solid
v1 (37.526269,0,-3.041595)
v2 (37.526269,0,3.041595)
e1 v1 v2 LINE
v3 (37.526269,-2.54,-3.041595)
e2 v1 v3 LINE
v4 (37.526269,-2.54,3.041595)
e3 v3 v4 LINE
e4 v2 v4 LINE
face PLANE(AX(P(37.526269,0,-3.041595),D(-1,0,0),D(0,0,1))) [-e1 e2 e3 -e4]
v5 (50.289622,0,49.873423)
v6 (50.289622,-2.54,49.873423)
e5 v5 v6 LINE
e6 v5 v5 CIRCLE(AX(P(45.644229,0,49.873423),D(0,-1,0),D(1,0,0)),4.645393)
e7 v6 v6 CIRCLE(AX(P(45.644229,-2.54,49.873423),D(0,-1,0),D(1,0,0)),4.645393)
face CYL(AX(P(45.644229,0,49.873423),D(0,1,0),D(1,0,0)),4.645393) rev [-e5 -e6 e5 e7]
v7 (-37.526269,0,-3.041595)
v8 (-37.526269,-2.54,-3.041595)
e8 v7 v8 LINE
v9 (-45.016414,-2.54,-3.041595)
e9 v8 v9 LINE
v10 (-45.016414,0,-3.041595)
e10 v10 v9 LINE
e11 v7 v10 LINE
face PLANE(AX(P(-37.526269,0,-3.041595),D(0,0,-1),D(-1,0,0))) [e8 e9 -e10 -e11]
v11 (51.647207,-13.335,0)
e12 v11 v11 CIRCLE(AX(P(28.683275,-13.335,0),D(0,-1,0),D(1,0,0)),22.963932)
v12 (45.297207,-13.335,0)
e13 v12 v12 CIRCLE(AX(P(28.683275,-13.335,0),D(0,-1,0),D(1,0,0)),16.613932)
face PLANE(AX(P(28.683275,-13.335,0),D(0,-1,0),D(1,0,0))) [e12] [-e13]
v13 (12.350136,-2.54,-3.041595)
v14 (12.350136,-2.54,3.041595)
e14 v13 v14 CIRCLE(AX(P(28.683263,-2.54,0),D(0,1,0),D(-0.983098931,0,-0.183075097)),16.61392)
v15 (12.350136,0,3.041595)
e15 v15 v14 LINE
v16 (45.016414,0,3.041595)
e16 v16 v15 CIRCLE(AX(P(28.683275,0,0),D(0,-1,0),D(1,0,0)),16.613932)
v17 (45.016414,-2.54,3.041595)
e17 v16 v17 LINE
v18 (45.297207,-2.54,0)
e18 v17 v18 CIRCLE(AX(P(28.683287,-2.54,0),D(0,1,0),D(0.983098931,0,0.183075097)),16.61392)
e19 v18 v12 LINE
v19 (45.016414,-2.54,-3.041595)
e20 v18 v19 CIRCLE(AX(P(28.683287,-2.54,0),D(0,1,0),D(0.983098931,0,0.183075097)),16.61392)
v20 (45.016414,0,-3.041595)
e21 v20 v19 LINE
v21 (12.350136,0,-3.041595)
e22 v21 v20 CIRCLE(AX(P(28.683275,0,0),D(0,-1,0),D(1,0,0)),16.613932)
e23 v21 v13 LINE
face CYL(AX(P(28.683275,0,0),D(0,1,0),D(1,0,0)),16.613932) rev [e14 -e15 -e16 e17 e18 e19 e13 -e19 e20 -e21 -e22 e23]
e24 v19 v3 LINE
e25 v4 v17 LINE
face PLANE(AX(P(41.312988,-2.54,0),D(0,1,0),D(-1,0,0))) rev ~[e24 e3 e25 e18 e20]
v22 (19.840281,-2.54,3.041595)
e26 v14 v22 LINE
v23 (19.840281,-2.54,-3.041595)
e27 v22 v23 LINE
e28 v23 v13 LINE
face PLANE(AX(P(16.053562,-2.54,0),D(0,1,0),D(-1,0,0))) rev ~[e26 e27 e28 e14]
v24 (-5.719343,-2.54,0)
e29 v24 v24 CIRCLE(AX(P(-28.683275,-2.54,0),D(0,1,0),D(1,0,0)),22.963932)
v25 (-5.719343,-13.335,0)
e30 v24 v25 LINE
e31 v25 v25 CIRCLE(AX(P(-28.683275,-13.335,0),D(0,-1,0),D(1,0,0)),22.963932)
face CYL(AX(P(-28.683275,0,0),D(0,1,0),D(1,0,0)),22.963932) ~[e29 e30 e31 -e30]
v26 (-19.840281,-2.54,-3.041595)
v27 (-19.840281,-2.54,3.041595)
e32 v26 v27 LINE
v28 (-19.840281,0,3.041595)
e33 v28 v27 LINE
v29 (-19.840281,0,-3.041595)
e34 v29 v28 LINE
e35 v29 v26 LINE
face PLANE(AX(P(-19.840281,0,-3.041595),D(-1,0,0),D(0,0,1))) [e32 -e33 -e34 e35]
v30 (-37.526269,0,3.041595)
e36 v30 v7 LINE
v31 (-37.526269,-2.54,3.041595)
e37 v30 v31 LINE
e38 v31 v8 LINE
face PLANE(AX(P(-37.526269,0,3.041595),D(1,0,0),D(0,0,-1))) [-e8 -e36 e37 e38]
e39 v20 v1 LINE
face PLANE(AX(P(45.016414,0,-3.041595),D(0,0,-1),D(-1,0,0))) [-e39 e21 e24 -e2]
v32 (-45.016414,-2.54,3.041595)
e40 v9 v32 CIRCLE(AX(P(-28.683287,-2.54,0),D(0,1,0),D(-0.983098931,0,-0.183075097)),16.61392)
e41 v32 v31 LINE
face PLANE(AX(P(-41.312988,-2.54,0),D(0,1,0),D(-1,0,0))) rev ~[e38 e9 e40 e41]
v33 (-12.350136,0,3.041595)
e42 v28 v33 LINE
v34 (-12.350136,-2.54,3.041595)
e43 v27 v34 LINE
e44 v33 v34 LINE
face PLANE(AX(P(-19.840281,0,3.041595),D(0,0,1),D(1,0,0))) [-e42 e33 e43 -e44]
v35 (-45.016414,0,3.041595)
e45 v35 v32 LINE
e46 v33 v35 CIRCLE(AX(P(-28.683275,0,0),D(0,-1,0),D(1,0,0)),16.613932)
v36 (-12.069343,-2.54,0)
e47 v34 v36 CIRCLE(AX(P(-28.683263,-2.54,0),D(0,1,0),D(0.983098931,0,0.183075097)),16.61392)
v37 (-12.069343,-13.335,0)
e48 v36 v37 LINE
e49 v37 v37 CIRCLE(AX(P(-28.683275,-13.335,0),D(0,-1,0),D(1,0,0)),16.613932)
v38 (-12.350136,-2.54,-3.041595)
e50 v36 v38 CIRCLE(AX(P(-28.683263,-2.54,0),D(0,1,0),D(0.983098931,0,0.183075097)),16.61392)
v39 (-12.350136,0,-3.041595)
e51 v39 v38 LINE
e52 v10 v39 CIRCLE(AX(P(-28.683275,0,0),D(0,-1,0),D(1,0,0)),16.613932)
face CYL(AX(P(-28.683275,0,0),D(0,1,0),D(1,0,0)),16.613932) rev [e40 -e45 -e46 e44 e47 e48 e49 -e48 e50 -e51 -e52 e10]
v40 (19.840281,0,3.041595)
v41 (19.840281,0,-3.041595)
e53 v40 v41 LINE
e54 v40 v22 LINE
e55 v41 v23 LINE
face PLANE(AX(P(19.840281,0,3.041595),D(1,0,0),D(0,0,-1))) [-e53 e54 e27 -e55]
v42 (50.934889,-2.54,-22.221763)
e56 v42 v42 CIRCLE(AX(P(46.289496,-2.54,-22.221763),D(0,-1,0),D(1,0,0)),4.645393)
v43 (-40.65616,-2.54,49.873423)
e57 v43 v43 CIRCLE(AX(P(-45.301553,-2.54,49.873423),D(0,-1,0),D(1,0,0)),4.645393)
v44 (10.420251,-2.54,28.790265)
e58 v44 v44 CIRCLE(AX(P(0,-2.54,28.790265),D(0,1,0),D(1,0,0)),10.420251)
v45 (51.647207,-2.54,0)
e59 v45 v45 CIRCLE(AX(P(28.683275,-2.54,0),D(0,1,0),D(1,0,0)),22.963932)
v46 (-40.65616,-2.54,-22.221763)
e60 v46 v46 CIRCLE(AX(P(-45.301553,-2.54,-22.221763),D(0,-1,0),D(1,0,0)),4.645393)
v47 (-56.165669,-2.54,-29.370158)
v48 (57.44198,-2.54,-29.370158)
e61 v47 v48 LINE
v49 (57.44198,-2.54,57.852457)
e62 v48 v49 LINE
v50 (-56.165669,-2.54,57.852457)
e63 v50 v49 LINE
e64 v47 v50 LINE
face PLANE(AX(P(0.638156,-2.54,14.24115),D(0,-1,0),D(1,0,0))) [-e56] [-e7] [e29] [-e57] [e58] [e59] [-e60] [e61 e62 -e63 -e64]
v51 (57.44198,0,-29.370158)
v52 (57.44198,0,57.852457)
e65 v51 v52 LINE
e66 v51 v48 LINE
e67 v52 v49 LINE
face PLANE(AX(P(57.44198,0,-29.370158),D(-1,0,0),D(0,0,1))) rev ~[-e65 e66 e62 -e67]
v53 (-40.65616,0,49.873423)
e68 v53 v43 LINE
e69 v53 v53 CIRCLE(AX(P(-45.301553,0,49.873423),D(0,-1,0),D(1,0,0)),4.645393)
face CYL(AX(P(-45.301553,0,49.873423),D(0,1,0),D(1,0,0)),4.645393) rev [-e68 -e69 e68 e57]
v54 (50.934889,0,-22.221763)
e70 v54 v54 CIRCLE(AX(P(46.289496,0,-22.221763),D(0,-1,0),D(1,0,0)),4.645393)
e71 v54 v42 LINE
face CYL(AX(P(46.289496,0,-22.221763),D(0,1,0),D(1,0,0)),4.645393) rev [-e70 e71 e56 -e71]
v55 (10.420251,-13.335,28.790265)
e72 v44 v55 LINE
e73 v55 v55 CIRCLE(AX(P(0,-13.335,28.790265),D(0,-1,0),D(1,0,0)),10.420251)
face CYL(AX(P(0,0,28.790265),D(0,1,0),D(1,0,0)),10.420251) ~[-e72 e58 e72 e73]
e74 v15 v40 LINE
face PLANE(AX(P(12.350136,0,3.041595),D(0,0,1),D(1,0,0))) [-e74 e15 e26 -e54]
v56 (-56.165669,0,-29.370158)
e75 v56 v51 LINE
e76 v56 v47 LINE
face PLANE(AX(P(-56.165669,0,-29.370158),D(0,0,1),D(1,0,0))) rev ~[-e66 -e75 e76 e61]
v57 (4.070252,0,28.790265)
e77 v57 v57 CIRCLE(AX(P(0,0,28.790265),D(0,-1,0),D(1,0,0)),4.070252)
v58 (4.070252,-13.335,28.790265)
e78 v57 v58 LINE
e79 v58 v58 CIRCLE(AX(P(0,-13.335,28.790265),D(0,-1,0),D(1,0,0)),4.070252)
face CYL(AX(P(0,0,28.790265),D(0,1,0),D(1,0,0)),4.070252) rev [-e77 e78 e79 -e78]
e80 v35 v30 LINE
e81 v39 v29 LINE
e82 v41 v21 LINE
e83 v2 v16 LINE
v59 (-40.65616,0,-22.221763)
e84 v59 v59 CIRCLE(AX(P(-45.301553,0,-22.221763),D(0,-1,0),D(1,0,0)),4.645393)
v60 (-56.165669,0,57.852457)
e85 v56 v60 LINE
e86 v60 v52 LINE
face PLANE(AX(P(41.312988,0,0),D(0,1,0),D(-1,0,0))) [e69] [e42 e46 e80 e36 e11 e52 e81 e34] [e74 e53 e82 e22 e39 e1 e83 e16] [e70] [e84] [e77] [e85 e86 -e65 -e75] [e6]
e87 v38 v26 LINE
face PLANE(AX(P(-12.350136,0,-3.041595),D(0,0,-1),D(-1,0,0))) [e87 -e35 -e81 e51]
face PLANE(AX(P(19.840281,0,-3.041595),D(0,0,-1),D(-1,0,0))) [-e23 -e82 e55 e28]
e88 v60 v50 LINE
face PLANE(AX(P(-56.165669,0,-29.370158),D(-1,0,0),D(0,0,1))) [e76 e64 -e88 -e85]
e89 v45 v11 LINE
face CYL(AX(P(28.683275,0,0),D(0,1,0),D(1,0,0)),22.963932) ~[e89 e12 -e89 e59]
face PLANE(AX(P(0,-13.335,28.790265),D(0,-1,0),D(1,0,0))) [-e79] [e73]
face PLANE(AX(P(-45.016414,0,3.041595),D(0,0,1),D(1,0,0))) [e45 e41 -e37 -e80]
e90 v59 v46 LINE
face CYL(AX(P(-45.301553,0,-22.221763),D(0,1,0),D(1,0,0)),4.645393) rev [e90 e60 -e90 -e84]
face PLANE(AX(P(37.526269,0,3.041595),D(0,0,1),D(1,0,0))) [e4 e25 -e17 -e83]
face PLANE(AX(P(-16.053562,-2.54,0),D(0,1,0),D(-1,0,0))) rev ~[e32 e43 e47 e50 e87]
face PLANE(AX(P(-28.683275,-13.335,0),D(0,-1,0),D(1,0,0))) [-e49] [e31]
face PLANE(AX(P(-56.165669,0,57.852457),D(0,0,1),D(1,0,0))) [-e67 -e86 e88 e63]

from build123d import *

# Parameters (mm, degrees)
F2_W     = 113.607649
F2_H     = 87.222615
F2_R     = 4.645393
F2_R_2   = 22.963932
F2_R_3   = 10.420251
F2_R_4   = 16.613932
F2_R_5   = 4.070252
F3_DEPTH = 2.54
F4_DEPTH = 13.335
F6_DEPTH = 2.54


with BuildPart() as f3:
    # F2 (on Front) → F3 (new body)
    with BuildSketch(Plane.XZ):
        with Locations((0.638156, 14.24115)):
            Rectangle(F2_W, F2_H)
        with Locations((-45.301553, -22.221763)):
            Circle(F2_R, mode=Mode.SUBTRACT)
        with Locations((-28.683275, 0)):
            Circle(F2_R_2, mode=Mode.SUBTRACT)
        with Locations((46.289496, -22.221763)):
            Circle(F2_R, mode=Mode.SUBTRACT)
        with Locations((28.683275, 0)):
            Circle(F2_R_2, mode=Mode.SUBTRACT)
        with Locations((0, 28.790265)):
            Circle(F2_R_3, mode=Mode.SUBTRACT)
        with Locations((-45.301553, 49.873423)):
            Circle(F2_R, mode=Mode.SUBTRACT)
        with Locations((45.644229, 49.873423)):
            Circle(F2_R, mode=Mode.SUBTRACT)
        with Locations((-28.683275, 0)):
            Circle(F2_R_2)
        with Locations((-28.683275, 0)):
            Circle(F2_R_4, mode=Mode.SUBTRACT)
        with Locations((0, 28.790265)):
            Circle(F2_R_3)
        with Locations((0, 28.790265)):
            Circle(F2_R_5, mode=Mode.SUBTRACT)
        with Locations((28.683275, 0)):
            Circle(F2_R_2)
        with Locations((28.683275, 0)):
            Circle(F2_R_4, mode=Mode.SUBTRACT)
    extrude(amount=F3_DEPTH)

    # F2 (on Front) → F4 (join)
    with BuildSketch(Plane.XZ):
        with Locations((0, 28.790265)):
            Circle(F2_R_3)
        with Locations((0, 28.790265)):
            Circle(F2_R_5, mode=Mode.SUBTRACT)
        with Locations((28.683275, 0)):
            Circle(F2_R_2)
        with Locations((28.683275, 0)):
            Circle(F2_R_4, mode=Mode.SUBTRACT)
        with Locations((-28.683275, 0)):
            Circle(F2_R_2)
        with Locations((-28.683275, 0)):
            Circle(F2_R_4, mode=Mode.SUBTRACT)
    extrude(amount=F4_DEPTH)

    # F5 (on face) → F6 (join)
    with BuildSketch(Plane(origin=(0, 0, 0), x_dir=(-1, 0, 0), z_dir=(0, 1, 0))):
        with BuildLine():
            Line((-12.350136, 3.041595), (-19.840281, 3.041595))
            Line((-19.840281, 3.041595), (-19.840281, -3.041595))
            Line((-19.840281, -3.041595), (-12.350136, -3.041595))
            ThreePointArc((-12.350136, -3.041595), (-12.069343, 0), (-12.350136, 3.041595))
        make_face()
        with BuildLine():
            Line((-37.526269, -3.041595), (-37.526269, 3.041595))
            Line((-37.526269, 3.041595), (-45.016414, 3.041595))
            ThreePointArc((-45.016414, 3.041595), (-45.297207, 0), (-45.016414, -3.041595))
            Line((-45.016414, -3.041595), (-37.526269, -3.041595))
        make_face()
        with BuildLine():
            Line((45.016414, 3.041595), (37.526269, 3.041595))
            Line((37.526269, 3.041595), (37.526269, -3.041595))
            Line((37.526269, -3.041595), (45.016414, -3.041595))
            ThreePointArc((45.016414, -3.041595), (45.297207, 0), (45.016414, 3.041595))
        make_face()
        with BuildLine():
            ThreePointArc((12.350136, 3.041595), (12.069343, 0), (12.350136, -3.041595))
            Line((12.350136, -3.041595), (19.840281, -3.041595))
            Line((19.840281, -3.041595), (19.840281, 3.041595))
            Line((19.840281, 3.041595), (12.350136, 3.041595))
        make_face()
    extrude(amount=-F6_DEPTH)


solid = f3.part
